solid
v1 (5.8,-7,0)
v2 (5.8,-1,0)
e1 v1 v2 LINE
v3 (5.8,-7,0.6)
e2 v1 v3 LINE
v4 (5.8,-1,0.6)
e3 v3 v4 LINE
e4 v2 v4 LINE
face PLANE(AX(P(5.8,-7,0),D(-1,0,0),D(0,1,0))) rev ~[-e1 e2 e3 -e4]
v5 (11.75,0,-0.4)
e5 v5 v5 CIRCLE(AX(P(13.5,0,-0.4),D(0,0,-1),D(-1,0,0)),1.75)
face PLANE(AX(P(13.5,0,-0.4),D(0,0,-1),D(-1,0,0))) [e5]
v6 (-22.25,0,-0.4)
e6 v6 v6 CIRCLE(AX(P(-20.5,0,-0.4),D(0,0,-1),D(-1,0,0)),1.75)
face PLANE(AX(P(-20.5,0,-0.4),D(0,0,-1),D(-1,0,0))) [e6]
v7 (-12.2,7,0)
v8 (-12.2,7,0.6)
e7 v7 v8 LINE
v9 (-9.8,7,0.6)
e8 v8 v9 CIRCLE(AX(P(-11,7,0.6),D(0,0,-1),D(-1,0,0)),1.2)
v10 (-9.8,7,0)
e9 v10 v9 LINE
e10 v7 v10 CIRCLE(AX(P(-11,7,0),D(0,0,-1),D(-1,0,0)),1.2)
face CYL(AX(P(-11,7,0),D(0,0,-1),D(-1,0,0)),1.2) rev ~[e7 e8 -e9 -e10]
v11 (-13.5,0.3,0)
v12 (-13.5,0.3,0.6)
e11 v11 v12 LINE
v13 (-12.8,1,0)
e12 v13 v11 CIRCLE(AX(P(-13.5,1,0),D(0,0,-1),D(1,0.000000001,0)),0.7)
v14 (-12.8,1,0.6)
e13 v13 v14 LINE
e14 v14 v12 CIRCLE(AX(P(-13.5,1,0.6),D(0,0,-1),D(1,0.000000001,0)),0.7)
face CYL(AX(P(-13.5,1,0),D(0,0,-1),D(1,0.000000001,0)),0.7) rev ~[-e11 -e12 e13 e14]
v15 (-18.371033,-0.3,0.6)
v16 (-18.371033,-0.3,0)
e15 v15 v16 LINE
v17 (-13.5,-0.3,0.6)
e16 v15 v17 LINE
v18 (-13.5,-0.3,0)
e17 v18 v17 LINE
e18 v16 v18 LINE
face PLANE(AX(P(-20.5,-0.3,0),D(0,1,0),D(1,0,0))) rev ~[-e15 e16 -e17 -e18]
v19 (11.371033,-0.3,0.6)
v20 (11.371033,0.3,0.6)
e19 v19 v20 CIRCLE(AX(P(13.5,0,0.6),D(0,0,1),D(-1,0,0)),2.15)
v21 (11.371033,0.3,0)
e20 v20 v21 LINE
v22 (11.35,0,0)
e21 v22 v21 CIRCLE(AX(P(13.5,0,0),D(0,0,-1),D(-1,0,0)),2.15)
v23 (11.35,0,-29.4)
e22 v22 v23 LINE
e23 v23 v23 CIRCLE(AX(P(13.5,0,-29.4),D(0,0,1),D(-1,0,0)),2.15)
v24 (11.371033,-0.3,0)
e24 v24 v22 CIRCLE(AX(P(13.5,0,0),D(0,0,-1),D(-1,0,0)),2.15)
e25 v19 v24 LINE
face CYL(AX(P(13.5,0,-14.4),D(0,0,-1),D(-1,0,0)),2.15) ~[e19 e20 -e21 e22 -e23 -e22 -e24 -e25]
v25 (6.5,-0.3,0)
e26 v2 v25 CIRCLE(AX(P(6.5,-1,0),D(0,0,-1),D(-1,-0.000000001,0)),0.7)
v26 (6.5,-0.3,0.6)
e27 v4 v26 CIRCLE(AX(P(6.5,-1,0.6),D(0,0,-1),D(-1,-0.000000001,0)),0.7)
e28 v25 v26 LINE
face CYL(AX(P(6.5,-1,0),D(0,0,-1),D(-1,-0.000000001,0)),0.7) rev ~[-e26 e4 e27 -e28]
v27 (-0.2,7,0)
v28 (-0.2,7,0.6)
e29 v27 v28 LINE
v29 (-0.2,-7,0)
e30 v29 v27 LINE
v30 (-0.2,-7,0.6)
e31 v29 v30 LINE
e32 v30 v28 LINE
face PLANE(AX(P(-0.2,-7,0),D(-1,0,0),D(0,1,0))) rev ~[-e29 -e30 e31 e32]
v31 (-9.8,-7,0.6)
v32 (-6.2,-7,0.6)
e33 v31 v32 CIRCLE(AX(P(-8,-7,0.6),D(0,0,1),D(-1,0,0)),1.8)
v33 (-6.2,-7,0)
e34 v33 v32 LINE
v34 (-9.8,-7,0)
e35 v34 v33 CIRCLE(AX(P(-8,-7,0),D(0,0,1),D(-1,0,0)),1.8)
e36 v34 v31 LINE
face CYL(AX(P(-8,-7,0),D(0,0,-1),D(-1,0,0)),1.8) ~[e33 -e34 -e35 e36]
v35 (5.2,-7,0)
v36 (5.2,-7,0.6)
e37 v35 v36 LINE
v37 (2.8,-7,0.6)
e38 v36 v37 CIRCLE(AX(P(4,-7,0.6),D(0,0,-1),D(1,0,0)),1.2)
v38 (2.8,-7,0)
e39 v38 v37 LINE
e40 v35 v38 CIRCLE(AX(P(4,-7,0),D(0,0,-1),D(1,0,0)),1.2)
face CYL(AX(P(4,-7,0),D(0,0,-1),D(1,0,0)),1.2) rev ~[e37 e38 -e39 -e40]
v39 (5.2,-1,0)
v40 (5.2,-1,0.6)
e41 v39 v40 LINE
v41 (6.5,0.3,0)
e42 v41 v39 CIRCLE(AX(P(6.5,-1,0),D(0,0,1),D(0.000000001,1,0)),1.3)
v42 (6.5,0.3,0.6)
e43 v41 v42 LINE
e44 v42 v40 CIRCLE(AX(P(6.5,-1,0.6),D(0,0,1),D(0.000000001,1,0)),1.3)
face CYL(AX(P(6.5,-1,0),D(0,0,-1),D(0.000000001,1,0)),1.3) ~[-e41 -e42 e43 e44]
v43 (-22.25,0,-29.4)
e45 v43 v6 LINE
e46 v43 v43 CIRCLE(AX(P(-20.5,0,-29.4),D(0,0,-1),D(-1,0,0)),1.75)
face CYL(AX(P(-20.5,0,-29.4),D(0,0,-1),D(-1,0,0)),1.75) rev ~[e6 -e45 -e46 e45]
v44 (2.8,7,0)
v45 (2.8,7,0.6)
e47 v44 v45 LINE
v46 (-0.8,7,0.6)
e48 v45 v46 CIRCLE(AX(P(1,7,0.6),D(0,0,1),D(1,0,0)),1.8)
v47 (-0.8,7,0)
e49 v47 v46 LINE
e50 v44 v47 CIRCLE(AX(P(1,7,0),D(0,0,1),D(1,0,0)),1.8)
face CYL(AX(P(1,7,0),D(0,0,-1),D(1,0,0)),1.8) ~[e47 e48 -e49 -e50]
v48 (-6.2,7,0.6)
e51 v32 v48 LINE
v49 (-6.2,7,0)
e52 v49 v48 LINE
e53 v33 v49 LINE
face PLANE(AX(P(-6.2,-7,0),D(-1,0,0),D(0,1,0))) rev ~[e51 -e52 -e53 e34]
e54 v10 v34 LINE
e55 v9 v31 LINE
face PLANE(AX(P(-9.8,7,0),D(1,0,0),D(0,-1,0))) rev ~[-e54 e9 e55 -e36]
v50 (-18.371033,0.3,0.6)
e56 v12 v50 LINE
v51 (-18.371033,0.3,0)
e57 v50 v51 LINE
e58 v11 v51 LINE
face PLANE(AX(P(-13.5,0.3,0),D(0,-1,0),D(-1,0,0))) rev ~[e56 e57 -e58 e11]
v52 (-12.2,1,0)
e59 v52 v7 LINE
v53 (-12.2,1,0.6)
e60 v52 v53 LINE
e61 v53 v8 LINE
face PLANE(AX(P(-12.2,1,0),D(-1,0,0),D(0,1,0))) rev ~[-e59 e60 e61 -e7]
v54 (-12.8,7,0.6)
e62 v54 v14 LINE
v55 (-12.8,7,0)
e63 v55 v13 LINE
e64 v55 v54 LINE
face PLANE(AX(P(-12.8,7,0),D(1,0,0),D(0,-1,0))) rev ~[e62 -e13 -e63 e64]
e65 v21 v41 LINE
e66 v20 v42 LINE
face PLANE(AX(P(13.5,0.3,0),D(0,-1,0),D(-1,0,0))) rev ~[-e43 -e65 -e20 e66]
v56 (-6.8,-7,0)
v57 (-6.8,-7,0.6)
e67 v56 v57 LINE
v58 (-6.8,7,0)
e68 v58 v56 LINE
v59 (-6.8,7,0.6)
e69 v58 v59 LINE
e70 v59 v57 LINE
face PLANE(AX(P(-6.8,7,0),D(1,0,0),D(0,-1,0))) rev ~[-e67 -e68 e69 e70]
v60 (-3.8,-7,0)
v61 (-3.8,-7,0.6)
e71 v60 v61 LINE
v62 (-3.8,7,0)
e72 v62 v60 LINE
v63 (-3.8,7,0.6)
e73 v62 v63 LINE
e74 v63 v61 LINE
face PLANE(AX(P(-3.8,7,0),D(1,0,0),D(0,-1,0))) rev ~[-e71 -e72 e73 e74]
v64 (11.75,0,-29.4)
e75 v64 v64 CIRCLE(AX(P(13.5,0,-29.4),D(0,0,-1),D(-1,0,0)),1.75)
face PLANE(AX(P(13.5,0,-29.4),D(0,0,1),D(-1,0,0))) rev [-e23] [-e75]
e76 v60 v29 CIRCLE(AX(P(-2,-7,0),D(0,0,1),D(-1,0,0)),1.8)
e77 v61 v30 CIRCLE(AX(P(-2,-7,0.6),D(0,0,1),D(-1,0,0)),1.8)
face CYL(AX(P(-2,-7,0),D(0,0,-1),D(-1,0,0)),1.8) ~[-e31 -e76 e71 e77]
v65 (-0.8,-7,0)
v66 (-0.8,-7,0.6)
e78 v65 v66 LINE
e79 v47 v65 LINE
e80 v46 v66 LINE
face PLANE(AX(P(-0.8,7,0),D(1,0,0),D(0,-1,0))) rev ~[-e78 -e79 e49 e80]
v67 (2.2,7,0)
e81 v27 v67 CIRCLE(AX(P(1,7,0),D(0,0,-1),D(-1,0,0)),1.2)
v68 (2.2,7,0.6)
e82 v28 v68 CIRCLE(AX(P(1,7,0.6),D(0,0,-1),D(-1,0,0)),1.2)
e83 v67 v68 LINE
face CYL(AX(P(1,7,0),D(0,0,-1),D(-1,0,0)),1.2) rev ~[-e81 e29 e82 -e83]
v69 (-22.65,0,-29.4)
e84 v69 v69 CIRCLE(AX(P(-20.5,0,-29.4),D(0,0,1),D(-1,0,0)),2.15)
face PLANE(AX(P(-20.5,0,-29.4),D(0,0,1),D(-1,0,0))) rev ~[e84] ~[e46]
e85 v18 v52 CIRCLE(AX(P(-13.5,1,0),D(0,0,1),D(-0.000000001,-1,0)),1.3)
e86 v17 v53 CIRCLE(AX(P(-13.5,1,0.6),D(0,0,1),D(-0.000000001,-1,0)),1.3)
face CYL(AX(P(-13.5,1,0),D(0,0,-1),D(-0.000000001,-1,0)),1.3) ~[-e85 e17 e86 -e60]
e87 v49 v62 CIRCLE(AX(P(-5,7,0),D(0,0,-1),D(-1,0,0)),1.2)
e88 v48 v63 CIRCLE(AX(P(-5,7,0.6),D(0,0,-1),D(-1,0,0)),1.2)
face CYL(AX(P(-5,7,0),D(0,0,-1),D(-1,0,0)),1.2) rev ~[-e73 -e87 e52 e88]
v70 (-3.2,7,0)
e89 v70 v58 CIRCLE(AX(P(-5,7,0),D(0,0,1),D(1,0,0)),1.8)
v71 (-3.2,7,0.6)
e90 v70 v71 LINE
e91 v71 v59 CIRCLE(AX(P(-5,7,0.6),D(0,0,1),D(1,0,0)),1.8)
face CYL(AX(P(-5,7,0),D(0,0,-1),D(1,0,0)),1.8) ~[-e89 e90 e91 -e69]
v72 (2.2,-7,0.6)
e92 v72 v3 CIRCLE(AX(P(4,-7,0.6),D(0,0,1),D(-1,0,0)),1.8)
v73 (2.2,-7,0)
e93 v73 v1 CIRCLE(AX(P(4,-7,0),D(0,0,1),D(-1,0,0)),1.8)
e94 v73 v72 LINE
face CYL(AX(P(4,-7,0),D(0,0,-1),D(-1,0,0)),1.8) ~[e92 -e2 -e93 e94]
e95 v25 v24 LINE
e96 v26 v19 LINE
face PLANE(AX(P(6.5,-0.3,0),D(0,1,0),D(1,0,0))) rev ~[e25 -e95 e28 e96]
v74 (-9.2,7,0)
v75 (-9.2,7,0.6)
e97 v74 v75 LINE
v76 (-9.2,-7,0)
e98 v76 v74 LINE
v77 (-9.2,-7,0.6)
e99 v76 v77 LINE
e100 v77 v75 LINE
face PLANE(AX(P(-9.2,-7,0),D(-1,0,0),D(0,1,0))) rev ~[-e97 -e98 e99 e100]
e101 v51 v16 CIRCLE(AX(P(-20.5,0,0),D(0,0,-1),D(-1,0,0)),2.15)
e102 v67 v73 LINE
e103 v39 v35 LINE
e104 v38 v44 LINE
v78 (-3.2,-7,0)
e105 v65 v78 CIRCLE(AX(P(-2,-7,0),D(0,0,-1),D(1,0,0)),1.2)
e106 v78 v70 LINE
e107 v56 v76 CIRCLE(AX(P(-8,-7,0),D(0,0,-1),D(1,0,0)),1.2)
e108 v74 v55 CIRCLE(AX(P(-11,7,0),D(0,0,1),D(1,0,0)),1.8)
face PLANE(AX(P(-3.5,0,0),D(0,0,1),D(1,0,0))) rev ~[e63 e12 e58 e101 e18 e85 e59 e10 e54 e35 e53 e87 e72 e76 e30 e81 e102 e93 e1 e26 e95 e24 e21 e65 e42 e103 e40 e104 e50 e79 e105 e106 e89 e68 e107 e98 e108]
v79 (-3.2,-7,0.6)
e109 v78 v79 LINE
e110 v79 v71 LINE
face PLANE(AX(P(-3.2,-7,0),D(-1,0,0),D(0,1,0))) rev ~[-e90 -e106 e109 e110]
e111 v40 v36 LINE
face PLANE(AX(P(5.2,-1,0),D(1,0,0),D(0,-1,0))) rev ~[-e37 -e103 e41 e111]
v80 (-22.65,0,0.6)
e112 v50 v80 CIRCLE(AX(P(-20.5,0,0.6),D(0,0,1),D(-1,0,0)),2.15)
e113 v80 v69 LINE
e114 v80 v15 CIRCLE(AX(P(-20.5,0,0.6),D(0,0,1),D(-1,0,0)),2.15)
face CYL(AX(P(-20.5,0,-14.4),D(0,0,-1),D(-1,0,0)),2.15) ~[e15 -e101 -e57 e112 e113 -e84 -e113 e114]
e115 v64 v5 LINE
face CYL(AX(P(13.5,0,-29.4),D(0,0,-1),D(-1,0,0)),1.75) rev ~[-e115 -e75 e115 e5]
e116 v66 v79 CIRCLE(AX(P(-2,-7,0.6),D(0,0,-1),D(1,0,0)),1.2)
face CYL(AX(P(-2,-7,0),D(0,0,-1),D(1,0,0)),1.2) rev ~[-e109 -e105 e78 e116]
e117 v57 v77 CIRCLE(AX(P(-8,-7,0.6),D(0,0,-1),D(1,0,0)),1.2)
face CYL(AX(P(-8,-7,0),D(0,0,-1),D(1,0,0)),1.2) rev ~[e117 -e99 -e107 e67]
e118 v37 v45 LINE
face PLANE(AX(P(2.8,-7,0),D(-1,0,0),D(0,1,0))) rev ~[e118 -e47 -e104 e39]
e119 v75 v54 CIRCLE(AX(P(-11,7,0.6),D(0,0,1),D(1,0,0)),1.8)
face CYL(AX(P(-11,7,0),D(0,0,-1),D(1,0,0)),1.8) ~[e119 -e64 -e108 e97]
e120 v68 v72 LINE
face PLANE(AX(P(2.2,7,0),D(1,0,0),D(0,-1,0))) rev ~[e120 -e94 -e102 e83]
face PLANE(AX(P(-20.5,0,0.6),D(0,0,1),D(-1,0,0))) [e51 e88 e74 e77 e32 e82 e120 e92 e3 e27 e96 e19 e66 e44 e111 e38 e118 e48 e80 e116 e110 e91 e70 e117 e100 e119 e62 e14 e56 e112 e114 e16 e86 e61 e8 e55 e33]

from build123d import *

# Parameters (mm, degrees)
BOSS_EXTRUDE1_DEPTH = 0.6
SKETCH3_W           = 2.15
SKETCH3_H           = 30
SKETCH4_W           = 2.15
SKETCH4_H           = 30
SKETCH5_R           = 1.75
CUT_EXTRUDE1_DEPTH  = 29


with BuildPart() as part:
    # Sketch2 → Boss-Extrude1 (new body)
    with BuildSketch(Plane.XY):
        with BuildLine():
            Line((-20.5, -0.3), (-13.5, -0.3))
            ThreePointArc((-13.5, -0.3), (-12.580761184, 0.080761184), (-12.2, 1))
            Line((-12.2, 1), (-12.2, 7))
            ThreePointArc((-12.2, 7), (-11, 8.2), (-9.8, 7))
            Line((-9.8, 7), (-9.8, 0))
            Line((-9.8, 0), (-9.8, -7))
            ThreePointArc((-9.8, -7), (-8, -8.8), (-6.2, -7))
            Line((-6.2, -7), (-6.2, 0))
            Line((-6.2, 0), (-6.2, 7))
            ThreePointArc((-6.2, 7), (-5, 8.2), (-3.8, 7))
            Line((-3.8, 7), (-3.8, 0))
            Line((-3.8, 0), (-3.8, -7))
            ThreePointArc((-3.8, -7), (-2, -8.8), (-0.2, -7))
            Line((-0.2, -7), (-0.2, 0))
            Line((-0.2, 0), (-0.2, 7))
            ThreePointArc((-0.2, 7), (1, 8.2), (2.2, 7))
            Line((2.2, 7), (2.2, 0))
            Line((2.2, 0), (2.2, -7))
            ThreePointArc((2.2, -7), (4, -8.8), (5.8, -7))
            Line((5.8, -7), (5.8, -1))
            ThreePointArc((5.8, -1), (6.005025253, -0.505025253), (6.5, -0.3))
            Line((6.5, -0.3), (13.5, -0.3))
            ThreePointArc((13.5, -0.3), (13.8, 0), (13.5, 0.3))
            Line((13.5, 0.3), (6.5, 0.3))
            ThreePointArc((6.5, 0.3), (5.580761184, -0.080761184), (5.2, -1))
            Line((5.2, -1), (5.2, -7))
            ThreePointArc((5.2, -7), (4, -8.2), (2.8, -7))
            Line((2.8, -7), (2.8, 0))
            Line((2.8, 0), (2.8, 7))
            ThreePointArc((2.8, 7), (1, 8.8), (-0.8, 7))
            Line((-0.8, 7), (-0.8, 0))
            Line((-0.8, 0), (-0.8, -7))
            ThreePointArc((-0.8, -7), (-2, -8.2), (-3.2, -7))
            Line((-3.2, -7), (-3.2, 0))
            Line((-3.2, 0), (-3.2, 7))
            ThreePointArc((-3.2, 7), (-5, 8.8), (-6.8, 7))
            Line((-6.8, 7), (-6.8, 0))
            Line((-6.8, 0), (-6.8, -7))
            ThreePointArc((-6.8, -7), (-8, -8.2), (-9.2, -7))
            Line((-9.2, -7), (-9.2, 0))
            Line((-9.2, 0), (-9.2, 7))
            ThreePointArc((-9.2, 7), (-11, 8.8), (-12.8, 7))
            Line((-12.8, 7), (-12.8, 1))
            ThreePointArc((-12.8, 1), (-13.005025253, 0.505025253), (-13.5, 0.3))
            Line((-13.5, 0.3), (-20.5, 0.3))
            ThreePointArc((-20.5, 0.3), (-20.8, 0), (-20.5, -0.3))
        make_face()
    extrude(amount=BOSS_EXTRUDE1_DEPTH)

    # Sketch3 → Revolve1 (revolve)
    with BuildSketch(Plane(origin=(0, 0, 0), x_dir=(1, 0, 0), z_dir=(0, 1, 0))):
        with Locations((-21.575, 14.4)):
            Rectangle(SKETCH3_W, SKETCH3_H)
    revolve(axis=Axis((-20.5, 0, -29.4), (0, 0, 1)))

    # Sketch4 → Revolve2 (revolve)
    with BuildSketch(Plane(origin=(0, 0, 0), x_dir=(1, 0, 0), z_dir=(0, 1, 0)), mode=Mode.PRIVATE) as revolve2_sk:
        with Locations((14.575, 14.4)):
            Rectangle(SKETCH4_W, SKETCH4_H)
    revolve(revolve2_sk.sketch.rotate(Axis((13.5, 0, -29.4), (0, 0, 1)), 180), axis=Axis((13.5, 0, -29.4), (0, 0, 1)))

    # Sketch5 → Cut-Extrude1 (cut)
    with BuildSketch(Plane(origin=(0, 0, -29.4), x_dir=(-1, 0, 0), z_dir=(0, 0, -1))):
        with Locations((20.5, 0)):
            Circle(SKETCH5_R)
        with Locations((-13.5, 0)):
            Circle(SKETCH5_R)
    extrude(amount=-CUT_EXTRUDE1_DEPTH, mode=Mode.SUBTRACT)


solid = part.part
